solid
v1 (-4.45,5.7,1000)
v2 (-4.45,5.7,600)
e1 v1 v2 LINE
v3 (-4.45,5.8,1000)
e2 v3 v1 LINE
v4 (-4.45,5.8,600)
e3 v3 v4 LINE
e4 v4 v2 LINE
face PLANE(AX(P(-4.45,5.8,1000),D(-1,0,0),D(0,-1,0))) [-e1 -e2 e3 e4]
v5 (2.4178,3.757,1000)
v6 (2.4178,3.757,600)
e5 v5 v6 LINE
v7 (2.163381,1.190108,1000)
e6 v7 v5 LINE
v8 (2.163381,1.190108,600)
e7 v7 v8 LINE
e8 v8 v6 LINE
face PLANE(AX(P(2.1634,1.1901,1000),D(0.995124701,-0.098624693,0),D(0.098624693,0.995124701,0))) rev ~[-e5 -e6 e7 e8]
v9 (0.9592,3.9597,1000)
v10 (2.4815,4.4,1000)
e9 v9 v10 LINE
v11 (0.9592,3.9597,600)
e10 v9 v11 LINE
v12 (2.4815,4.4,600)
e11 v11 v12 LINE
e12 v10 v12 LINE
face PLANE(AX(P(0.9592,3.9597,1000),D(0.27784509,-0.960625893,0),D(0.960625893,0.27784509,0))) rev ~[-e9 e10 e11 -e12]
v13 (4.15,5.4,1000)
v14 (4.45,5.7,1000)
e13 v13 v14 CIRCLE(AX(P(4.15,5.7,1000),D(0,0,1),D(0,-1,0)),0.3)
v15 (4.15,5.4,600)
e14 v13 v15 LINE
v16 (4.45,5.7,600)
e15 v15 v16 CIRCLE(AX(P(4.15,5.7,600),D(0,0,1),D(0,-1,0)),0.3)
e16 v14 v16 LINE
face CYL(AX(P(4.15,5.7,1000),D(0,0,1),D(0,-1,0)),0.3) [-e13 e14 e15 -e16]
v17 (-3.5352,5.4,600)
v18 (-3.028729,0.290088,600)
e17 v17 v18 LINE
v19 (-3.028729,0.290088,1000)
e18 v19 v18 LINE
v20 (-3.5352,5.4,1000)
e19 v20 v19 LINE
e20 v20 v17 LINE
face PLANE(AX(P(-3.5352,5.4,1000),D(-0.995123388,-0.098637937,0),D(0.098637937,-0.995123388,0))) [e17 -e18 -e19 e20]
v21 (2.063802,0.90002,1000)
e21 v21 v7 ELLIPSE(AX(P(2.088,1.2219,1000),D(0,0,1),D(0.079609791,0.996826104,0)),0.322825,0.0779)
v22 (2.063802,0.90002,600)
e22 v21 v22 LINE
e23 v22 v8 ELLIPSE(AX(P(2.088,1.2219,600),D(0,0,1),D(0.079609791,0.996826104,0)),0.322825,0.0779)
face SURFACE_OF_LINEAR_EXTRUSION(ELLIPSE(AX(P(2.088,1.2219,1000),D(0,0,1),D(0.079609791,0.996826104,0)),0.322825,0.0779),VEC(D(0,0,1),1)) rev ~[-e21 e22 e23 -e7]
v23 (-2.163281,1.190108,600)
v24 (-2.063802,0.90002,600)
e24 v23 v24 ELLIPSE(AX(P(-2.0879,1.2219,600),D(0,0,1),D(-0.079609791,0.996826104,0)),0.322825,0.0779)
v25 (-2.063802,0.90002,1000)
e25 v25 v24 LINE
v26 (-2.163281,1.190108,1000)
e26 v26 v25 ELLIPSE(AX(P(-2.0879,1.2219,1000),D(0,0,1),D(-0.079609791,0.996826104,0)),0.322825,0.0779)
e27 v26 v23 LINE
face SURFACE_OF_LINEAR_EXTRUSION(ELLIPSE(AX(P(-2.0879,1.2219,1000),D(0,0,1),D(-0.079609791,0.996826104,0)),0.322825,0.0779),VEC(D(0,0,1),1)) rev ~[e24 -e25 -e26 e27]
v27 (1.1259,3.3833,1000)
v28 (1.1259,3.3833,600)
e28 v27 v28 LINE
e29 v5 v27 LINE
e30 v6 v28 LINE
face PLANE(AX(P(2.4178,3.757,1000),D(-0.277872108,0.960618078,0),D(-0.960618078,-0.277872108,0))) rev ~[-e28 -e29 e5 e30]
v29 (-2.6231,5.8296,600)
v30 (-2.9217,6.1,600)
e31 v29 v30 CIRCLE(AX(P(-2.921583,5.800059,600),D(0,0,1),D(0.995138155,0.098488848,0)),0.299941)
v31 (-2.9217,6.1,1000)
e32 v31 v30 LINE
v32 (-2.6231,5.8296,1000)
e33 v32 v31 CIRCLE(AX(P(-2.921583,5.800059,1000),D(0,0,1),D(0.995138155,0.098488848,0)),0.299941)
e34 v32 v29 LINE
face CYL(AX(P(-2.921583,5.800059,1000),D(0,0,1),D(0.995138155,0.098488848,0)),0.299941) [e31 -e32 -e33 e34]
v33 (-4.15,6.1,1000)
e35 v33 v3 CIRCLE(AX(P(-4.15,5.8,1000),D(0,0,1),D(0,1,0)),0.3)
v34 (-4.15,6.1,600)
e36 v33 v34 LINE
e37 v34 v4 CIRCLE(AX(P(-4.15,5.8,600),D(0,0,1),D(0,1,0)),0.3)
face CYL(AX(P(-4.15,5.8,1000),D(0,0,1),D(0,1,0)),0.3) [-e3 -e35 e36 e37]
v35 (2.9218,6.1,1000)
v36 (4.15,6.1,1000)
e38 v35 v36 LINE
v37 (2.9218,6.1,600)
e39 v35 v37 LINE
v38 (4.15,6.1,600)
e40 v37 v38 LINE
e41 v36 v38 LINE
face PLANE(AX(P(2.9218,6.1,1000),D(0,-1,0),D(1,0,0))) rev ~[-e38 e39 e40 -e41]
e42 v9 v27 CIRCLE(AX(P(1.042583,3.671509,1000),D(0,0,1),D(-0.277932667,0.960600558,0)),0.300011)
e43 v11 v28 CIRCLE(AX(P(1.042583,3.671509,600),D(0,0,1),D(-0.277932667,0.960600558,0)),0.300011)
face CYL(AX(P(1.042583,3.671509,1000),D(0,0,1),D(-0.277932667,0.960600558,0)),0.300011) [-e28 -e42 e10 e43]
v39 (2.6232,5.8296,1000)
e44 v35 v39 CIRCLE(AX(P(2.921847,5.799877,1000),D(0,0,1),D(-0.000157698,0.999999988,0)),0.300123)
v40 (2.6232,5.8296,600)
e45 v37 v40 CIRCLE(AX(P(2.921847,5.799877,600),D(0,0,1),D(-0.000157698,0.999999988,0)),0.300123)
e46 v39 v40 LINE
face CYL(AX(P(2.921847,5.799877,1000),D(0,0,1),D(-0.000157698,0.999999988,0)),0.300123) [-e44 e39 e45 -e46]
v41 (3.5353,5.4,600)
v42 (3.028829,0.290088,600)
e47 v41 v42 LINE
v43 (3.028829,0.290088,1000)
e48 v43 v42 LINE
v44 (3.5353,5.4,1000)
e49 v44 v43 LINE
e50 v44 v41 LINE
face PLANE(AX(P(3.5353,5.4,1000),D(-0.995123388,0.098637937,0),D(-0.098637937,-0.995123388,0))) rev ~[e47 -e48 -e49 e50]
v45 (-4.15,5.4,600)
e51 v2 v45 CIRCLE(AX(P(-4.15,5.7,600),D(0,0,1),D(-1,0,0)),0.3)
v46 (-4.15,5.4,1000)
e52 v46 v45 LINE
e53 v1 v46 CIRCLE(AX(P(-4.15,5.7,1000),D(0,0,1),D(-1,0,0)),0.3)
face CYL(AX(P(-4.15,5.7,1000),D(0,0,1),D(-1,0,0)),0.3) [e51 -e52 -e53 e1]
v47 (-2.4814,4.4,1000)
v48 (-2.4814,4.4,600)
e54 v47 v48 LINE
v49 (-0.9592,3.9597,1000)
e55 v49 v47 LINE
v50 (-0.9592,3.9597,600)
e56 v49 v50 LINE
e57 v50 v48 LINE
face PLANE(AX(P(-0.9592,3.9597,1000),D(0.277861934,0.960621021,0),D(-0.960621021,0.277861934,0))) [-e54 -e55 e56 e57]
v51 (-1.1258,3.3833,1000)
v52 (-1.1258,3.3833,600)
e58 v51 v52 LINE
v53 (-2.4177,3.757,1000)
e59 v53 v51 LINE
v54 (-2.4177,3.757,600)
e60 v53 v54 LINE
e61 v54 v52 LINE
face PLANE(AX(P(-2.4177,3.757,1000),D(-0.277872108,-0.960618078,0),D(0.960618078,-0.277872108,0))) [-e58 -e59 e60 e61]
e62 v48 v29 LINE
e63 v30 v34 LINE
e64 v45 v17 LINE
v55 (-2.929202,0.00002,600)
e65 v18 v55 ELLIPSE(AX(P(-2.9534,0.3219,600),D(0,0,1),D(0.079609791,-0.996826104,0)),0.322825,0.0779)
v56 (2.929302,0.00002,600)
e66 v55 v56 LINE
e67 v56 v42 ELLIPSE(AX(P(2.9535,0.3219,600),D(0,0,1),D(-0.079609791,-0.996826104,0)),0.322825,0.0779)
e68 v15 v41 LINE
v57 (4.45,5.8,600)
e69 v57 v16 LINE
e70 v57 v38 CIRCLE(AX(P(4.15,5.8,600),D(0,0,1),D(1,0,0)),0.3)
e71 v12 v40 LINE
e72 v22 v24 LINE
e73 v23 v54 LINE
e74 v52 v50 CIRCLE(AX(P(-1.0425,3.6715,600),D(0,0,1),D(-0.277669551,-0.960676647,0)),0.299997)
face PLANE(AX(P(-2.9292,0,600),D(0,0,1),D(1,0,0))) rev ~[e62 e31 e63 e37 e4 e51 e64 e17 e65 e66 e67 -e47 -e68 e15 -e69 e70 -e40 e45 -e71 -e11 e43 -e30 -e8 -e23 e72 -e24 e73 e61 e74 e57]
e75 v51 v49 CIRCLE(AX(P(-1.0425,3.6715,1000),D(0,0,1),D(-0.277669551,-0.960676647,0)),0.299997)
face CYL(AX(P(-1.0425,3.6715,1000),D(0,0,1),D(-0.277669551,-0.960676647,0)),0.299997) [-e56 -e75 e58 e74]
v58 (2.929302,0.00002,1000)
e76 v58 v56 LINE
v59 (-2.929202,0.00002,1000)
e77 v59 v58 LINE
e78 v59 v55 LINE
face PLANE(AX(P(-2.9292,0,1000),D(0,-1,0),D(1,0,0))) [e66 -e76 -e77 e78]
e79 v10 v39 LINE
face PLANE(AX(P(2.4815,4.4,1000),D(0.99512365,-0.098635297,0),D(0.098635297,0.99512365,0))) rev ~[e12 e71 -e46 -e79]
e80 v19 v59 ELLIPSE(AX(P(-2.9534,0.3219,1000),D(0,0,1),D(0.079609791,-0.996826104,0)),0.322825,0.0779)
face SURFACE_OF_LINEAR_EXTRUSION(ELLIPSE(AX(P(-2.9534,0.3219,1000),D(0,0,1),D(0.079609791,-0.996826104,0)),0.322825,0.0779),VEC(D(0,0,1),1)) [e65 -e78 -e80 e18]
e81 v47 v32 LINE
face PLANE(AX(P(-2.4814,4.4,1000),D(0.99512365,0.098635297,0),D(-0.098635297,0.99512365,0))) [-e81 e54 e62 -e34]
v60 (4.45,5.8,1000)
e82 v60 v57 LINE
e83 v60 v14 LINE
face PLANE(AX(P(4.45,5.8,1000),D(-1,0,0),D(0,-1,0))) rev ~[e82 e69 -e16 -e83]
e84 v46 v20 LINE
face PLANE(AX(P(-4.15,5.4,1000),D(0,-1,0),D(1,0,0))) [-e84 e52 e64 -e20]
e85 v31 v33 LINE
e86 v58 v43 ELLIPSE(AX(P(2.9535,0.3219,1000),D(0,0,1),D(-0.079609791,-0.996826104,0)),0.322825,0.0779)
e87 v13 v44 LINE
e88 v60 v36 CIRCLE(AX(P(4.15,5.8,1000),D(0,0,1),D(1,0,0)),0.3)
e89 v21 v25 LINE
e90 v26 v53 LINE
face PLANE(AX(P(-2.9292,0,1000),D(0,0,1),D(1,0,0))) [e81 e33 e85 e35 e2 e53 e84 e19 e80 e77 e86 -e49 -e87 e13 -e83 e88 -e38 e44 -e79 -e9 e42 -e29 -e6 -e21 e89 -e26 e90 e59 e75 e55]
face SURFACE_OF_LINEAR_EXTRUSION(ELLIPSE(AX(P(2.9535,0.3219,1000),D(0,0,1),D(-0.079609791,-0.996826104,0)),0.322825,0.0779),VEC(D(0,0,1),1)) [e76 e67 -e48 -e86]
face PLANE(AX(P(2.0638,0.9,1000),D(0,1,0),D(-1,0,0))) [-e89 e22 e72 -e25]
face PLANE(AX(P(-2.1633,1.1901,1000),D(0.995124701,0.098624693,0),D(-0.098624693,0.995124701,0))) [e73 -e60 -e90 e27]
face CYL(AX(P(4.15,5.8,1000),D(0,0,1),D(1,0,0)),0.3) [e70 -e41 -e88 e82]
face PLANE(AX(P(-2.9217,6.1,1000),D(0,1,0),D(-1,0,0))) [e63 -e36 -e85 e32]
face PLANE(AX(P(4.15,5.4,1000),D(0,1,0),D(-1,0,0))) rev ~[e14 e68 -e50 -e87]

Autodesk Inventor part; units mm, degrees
ref_plane "YZ Plane" through (0, 0, 0) normal (1, 0, 0) x (0, 1, 0)
ref_plane "XZ Plane" through (0, 0, 0) normal (0, 1, 0) x (-1, 0, 0)
ref_plane "РабПлоскость5" through (-2.9292, 0, 1000) normal (0, 0, 1) x (1, 0, 0)
sketch "Эскиз1" plane through (-2.9292, 0, 1000) normal (0, 0, 1) x (1, 0, 0)
  ellipse E0 centre (5.8827, 0.3219) end of major axis (5.857, 0.0001) minor radius 0.0779 (5.8585, 0) -> (5.958, 0.2901) ccw
  arc A0 (1.8034, 3.3833) -> (1.97, 3.9597) centre (1.8867, 3.6715) ccw
  arc A1 (3.8884, 3.9597) -> (4.0551, 3.3833) centre (3.9718, 3.6715) ccw
  line L0 (5.347, 3.757) -> (4.0551, 3.3833)
  line L1 (5.0926, 1.1901) -> (5.347, 3.757)
  ellipse E1 centre (0.8413, 1.2219) end of major axis (0.8156, 1.5437) minor radius 0.0779 (0.7659, 1.1901) -> (0.8654, 0.9) ccw
  line L2 (4.993, 0.9) -> (0.8654, 0.9)
  ellipse E2 centre (5.0172, 1.2219) end of major axis (5.0429, 1.5437) minor radius 0.0779 (4.993, 0.9) -> (5.0926, 1.1901) ccw
  line L3 (0.7659, 1.1901) -> (0.5115, 3.757)
  line L4 (1.97, 3.9597) -> (0.4478, 4.4)
  line L5 (3.8884, 3.9597) -> (5.4107, 4.4)
  line L6 (5.4107, 4.4) -> (5.5524, 5.8296)
  arc A2 (5.851, 6.1) -> (5.5524, 5.8296) centre (5.851, 5.8) ccw
  line L7 (5.851, 6.1) -> (7.0792, 6.1)
  arc A3 (7.3792, 5.8) -> (7.0792, 6.1) centre (7.0792, 5.8) ccw
  arc A4 (7.0792, 5.4) -> (7.3792, 5.7) centre (7.0792, 5.7) ccw
  line L8 (7.0792, 5.4) -> (6.4645, 5.4)
  line L9 (-0.606, 5.4) -> (-0.0995, 0.2901)
  line L10 (-1.2208, 5.4) -> (-0.606, 5.4)
  arc A5 (-1.5208, 5.7) -> (-1.2208, 5.4) centre (-1.2208, 5.7) ccw
  line L11 (-1.5208, 5.8) -> (-1.5208, 5.7)
  arc A6 (-1.2208, 6.1) -> (-1.5208, 5.8) centre (-1.2208, 5.8) ccw
  line L12 (0.0075, 6.1) -> (-1.2208, 6.1)
  arc A7 (0.3061, 5.8296) -> (0.0075, 6.1) centre (0.0075, 5.8) ccw
  line L13 (0.4478, 4.4) -> (0.3061, 5.8296)
  ellipse E3 centre (-0.0242, 0.3219) end of major axis (0.0015, 0.0001) minor radius 0.0779 (-0.0995, 0.2901) -> (0, 0) ccw
  line L14 (0, 0) -> (5.8585, 0)
  line L15 (6.4645, 5.4) -> (5.958, 0.2901)
  line L16 (7.3792, 5.8) -> (7.3792, 5.7)
  line L17 (0.5115, 3.757) -> (1.8034, 3.3833)
  point P0 (2.9292, 0)
extrude "Выдавливание1" add sketch "Эскиз1" against normal blind 400
properties part number "Uplotnitel-pazovyy400_-paz-6"
